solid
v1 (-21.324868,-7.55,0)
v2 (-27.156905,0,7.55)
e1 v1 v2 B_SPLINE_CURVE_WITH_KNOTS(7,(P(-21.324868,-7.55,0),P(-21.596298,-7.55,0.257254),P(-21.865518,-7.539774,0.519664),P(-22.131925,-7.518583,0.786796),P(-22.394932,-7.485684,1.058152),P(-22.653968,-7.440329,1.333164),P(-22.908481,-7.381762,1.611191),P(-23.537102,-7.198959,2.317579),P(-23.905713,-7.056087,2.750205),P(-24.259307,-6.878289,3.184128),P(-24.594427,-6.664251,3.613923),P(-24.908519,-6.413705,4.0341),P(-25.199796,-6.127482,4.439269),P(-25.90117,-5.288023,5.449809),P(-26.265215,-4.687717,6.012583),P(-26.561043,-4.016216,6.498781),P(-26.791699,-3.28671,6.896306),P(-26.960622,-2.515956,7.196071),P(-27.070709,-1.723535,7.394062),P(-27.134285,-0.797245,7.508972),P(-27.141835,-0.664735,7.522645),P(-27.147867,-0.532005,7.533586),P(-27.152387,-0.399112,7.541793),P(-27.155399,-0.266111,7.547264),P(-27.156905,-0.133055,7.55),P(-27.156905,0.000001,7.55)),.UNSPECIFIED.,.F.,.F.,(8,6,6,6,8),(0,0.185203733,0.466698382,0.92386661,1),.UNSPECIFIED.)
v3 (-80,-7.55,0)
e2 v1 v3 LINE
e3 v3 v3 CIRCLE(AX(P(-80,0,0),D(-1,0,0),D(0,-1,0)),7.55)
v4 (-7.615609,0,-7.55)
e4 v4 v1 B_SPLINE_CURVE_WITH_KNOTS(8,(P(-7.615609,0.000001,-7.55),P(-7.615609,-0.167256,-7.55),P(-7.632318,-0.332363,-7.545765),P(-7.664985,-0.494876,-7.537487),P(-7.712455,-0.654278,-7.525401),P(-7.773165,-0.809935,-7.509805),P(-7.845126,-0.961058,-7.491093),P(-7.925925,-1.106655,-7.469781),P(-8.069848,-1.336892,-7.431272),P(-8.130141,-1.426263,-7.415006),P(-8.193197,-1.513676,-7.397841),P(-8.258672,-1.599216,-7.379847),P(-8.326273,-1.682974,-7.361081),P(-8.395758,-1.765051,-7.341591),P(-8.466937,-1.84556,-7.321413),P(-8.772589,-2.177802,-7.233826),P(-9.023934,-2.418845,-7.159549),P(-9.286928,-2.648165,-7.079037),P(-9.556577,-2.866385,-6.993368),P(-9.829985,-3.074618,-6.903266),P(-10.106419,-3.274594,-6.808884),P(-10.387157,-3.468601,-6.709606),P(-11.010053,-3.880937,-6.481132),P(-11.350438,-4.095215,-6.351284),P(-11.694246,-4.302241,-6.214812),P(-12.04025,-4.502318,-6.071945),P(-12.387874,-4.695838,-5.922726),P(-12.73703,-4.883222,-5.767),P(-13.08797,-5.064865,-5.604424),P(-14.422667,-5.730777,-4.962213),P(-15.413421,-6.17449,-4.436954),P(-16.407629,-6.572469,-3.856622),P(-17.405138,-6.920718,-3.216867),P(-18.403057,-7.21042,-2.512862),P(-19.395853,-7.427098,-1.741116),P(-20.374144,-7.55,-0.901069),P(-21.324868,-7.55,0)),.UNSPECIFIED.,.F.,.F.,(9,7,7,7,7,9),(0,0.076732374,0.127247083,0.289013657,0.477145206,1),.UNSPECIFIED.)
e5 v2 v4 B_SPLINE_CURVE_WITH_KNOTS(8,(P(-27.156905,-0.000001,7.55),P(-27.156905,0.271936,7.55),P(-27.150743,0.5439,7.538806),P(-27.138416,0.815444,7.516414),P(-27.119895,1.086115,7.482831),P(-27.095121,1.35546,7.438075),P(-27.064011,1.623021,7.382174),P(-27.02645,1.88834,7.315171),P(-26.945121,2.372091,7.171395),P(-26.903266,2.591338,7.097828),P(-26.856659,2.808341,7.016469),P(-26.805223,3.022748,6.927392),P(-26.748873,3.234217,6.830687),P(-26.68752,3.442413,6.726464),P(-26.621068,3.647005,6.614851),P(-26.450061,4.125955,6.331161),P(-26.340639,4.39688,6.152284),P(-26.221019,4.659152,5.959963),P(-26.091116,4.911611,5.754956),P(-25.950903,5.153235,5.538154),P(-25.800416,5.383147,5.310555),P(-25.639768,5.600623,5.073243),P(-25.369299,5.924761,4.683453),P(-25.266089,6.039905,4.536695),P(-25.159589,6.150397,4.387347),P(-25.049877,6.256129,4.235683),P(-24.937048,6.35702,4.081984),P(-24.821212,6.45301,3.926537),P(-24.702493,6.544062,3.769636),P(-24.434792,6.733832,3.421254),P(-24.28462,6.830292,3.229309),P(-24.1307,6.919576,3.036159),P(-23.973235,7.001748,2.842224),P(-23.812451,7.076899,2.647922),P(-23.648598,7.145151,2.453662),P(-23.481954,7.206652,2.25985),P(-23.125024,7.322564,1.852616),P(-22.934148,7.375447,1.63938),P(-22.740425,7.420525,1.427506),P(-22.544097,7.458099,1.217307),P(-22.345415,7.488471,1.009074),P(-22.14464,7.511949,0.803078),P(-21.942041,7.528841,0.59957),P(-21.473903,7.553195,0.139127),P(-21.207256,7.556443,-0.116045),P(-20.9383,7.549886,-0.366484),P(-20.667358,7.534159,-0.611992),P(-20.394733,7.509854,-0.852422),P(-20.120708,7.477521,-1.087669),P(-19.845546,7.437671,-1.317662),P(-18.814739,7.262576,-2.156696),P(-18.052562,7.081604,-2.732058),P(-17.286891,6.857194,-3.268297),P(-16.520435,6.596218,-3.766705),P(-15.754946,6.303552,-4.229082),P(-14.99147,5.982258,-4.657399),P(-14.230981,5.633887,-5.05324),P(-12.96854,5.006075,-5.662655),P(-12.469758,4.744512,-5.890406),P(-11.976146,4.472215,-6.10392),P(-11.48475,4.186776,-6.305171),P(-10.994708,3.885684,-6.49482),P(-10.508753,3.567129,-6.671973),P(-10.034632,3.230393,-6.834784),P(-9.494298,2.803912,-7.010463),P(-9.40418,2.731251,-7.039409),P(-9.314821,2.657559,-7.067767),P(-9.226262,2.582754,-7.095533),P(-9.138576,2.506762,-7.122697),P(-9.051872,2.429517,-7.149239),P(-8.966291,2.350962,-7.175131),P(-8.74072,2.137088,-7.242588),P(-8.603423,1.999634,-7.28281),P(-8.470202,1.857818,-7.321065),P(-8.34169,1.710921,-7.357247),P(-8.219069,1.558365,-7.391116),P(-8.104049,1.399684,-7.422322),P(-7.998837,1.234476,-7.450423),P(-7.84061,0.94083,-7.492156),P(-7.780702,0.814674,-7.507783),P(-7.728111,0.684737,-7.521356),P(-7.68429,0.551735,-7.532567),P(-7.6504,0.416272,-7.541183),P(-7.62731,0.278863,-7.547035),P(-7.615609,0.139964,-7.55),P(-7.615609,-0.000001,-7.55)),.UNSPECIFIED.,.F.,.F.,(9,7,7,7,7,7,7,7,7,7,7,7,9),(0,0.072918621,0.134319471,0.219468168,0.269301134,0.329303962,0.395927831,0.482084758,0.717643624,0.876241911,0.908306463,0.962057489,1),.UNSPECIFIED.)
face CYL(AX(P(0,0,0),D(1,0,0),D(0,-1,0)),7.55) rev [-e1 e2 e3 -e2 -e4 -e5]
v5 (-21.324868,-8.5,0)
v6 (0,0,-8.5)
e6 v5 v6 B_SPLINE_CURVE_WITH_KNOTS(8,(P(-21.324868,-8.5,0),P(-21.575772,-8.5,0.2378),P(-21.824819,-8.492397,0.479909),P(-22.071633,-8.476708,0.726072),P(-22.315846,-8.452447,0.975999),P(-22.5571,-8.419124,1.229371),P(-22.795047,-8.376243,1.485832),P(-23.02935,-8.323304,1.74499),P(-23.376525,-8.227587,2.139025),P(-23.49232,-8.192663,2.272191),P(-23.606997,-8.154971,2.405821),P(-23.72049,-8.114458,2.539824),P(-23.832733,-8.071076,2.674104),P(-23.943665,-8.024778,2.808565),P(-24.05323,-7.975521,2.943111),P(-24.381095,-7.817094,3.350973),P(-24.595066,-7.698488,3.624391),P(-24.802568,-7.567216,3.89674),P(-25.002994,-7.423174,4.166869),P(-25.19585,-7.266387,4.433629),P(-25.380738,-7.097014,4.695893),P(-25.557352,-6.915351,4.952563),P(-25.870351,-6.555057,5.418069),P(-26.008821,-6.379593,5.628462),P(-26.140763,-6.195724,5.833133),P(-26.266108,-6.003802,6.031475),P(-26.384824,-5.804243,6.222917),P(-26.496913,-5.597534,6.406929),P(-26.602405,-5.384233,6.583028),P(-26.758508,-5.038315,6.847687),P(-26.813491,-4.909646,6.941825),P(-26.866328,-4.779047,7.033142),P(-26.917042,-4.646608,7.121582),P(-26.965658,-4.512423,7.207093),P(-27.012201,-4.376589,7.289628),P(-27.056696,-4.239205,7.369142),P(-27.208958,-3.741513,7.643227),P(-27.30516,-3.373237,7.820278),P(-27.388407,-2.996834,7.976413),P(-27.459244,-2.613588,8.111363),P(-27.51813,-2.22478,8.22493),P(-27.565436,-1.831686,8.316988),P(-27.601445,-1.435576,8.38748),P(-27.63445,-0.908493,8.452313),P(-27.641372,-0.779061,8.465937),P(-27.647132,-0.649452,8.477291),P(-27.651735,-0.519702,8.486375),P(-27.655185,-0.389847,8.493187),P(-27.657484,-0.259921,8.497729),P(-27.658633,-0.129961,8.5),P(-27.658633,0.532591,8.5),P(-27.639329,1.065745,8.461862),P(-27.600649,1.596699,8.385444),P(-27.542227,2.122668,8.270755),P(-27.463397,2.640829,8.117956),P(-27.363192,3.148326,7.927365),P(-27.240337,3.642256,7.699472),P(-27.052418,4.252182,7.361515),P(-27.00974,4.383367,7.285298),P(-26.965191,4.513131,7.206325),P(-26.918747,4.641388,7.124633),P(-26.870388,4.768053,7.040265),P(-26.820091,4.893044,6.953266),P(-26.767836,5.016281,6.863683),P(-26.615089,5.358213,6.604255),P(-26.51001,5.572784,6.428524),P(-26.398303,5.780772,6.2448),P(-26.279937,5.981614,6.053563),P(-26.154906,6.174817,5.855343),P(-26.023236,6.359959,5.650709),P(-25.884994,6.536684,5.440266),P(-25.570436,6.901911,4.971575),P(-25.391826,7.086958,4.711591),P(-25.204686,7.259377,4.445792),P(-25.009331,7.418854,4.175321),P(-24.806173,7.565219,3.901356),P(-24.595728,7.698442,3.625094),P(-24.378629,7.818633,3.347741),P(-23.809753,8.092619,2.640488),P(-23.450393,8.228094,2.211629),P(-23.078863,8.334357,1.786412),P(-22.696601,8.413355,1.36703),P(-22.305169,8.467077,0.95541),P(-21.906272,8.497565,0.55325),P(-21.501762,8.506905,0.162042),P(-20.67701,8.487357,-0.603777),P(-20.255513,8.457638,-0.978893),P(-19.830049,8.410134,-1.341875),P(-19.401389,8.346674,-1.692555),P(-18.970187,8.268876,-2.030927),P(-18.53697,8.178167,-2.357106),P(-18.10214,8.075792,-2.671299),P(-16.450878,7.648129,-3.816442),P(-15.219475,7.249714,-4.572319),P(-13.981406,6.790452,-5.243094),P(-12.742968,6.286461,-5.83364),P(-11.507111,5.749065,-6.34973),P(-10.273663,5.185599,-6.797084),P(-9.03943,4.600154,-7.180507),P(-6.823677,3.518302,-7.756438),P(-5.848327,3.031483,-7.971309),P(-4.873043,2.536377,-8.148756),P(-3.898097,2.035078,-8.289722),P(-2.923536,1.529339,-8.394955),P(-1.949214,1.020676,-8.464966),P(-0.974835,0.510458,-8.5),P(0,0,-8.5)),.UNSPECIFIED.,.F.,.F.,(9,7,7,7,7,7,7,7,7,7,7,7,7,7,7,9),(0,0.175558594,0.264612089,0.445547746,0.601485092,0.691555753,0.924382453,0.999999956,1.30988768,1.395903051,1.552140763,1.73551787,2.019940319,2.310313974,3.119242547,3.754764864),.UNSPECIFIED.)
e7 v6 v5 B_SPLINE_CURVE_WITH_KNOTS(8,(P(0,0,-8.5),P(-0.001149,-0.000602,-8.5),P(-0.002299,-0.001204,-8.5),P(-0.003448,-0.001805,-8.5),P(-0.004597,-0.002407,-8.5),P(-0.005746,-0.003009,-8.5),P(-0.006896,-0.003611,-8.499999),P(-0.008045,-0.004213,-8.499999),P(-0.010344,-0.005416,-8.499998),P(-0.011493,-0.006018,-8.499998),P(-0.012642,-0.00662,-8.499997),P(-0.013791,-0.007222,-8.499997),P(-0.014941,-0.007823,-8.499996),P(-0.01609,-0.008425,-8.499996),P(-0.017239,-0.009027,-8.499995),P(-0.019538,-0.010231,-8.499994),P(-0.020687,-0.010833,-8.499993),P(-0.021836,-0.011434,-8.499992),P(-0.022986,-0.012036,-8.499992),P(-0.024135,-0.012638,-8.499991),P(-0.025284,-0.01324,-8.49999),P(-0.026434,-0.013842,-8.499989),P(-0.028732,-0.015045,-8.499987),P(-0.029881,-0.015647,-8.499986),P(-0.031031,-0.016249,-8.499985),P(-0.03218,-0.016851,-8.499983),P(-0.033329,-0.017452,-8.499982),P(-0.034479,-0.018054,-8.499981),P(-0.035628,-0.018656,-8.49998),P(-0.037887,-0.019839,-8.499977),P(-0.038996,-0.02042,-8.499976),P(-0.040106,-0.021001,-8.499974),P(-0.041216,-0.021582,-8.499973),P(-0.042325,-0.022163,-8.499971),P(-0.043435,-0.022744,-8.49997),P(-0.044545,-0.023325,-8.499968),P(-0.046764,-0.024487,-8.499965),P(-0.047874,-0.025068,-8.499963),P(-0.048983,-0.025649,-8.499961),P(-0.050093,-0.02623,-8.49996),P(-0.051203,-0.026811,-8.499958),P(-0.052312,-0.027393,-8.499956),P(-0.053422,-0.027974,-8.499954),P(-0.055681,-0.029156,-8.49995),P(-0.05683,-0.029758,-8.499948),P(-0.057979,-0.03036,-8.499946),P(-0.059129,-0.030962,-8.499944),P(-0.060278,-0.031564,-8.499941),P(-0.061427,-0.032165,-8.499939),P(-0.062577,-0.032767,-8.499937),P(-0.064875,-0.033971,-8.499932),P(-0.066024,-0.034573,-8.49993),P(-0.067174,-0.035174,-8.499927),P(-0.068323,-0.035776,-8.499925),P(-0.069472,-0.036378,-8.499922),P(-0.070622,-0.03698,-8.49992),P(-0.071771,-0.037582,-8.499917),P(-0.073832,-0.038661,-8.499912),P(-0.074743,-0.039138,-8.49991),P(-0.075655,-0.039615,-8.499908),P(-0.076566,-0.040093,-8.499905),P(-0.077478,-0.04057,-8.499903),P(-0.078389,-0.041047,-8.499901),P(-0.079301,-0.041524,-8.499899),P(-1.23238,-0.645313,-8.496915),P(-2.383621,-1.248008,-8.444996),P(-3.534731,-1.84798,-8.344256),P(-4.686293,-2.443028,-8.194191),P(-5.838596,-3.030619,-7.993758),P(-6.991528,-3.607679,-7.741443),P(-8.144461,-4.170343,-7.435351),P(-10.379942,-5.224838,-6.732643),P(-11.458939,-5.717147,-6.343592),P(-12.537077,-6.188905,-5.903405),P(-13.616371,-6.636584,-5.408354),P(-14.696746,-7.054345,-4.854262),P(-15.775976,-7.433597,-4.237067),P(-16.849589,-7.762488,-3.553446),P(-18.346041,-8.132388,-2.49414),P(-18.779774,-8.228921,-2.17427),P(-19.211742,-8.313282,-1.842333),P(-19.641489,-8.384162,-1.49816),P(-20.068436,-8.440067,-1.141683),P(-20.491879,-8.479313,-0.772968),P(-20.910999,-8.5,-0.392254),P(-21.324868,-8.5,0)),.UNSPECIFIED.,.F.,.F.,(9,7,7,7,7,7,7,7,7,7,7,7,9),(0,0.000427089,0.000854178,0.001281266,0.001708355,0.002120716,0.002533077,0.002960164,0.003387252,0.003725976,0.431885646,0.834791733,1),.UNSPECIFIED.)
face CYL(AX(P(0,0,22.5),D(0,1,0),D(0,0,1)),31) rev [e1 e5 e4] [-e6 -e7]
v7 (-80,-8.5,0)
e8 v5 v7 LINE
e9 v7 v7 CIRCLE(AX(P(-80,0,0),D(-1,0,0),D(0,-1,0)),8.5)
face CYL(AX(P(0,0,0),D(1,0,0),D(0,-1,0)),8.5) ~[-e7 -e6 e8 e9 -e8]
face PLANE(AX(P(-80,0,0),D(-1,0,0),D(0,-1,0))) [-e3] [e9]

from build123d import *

# Parameters (mm, degrees)
F0_R     = 8.5
F0_R_2   = 7.55
F1_DEPTH = 80
F2_R     = 31
F3_DEPTH = 25.4
F4_DEPTH = 25.4
F6_ANGLE = -90
F8_ANGLE = -90


with BuildPart() as f1:
    # F0 (on Top) → F1 (new body)
    with BuildSketch(Plane.XY):
        Circle(F0_R)
        Circle(F0_R_2, mode=Mode.SUBTRACT)
    extrude(amount=F1_DEPTH)

    # F2 (on Right) → F3 (cut)
    with BuildSketch(Plane.YZ):
        with Locations((22.5, 0)):
            Circle(F2_R)
    extrude(amount=-F3_DEPTH, mode=Mode.SUBTRACT)

    # F2 (on Right) → F4 (cut)
    with BuildSketch(Plane.YZ):
        with Locations((22.5, 0)):
            Circle(F2_R)
    extrude(amount=F4_DEPTH, mode=Mode.SUBTRACT)


with BuildPart() as f1_1:
    # F6: moved
    add(f1.part.rotate(Axis((14.042603, 0, 0), (-1, 0, 0)), F6_ANGLE))


with BuildPart() as f1_2:
    # F8: moved
    add(f1_1.part.rotate(Axis((0, 0, 13.531513), (0, 0, 1)), F8_ANGLE))


solid = f1_2.part
